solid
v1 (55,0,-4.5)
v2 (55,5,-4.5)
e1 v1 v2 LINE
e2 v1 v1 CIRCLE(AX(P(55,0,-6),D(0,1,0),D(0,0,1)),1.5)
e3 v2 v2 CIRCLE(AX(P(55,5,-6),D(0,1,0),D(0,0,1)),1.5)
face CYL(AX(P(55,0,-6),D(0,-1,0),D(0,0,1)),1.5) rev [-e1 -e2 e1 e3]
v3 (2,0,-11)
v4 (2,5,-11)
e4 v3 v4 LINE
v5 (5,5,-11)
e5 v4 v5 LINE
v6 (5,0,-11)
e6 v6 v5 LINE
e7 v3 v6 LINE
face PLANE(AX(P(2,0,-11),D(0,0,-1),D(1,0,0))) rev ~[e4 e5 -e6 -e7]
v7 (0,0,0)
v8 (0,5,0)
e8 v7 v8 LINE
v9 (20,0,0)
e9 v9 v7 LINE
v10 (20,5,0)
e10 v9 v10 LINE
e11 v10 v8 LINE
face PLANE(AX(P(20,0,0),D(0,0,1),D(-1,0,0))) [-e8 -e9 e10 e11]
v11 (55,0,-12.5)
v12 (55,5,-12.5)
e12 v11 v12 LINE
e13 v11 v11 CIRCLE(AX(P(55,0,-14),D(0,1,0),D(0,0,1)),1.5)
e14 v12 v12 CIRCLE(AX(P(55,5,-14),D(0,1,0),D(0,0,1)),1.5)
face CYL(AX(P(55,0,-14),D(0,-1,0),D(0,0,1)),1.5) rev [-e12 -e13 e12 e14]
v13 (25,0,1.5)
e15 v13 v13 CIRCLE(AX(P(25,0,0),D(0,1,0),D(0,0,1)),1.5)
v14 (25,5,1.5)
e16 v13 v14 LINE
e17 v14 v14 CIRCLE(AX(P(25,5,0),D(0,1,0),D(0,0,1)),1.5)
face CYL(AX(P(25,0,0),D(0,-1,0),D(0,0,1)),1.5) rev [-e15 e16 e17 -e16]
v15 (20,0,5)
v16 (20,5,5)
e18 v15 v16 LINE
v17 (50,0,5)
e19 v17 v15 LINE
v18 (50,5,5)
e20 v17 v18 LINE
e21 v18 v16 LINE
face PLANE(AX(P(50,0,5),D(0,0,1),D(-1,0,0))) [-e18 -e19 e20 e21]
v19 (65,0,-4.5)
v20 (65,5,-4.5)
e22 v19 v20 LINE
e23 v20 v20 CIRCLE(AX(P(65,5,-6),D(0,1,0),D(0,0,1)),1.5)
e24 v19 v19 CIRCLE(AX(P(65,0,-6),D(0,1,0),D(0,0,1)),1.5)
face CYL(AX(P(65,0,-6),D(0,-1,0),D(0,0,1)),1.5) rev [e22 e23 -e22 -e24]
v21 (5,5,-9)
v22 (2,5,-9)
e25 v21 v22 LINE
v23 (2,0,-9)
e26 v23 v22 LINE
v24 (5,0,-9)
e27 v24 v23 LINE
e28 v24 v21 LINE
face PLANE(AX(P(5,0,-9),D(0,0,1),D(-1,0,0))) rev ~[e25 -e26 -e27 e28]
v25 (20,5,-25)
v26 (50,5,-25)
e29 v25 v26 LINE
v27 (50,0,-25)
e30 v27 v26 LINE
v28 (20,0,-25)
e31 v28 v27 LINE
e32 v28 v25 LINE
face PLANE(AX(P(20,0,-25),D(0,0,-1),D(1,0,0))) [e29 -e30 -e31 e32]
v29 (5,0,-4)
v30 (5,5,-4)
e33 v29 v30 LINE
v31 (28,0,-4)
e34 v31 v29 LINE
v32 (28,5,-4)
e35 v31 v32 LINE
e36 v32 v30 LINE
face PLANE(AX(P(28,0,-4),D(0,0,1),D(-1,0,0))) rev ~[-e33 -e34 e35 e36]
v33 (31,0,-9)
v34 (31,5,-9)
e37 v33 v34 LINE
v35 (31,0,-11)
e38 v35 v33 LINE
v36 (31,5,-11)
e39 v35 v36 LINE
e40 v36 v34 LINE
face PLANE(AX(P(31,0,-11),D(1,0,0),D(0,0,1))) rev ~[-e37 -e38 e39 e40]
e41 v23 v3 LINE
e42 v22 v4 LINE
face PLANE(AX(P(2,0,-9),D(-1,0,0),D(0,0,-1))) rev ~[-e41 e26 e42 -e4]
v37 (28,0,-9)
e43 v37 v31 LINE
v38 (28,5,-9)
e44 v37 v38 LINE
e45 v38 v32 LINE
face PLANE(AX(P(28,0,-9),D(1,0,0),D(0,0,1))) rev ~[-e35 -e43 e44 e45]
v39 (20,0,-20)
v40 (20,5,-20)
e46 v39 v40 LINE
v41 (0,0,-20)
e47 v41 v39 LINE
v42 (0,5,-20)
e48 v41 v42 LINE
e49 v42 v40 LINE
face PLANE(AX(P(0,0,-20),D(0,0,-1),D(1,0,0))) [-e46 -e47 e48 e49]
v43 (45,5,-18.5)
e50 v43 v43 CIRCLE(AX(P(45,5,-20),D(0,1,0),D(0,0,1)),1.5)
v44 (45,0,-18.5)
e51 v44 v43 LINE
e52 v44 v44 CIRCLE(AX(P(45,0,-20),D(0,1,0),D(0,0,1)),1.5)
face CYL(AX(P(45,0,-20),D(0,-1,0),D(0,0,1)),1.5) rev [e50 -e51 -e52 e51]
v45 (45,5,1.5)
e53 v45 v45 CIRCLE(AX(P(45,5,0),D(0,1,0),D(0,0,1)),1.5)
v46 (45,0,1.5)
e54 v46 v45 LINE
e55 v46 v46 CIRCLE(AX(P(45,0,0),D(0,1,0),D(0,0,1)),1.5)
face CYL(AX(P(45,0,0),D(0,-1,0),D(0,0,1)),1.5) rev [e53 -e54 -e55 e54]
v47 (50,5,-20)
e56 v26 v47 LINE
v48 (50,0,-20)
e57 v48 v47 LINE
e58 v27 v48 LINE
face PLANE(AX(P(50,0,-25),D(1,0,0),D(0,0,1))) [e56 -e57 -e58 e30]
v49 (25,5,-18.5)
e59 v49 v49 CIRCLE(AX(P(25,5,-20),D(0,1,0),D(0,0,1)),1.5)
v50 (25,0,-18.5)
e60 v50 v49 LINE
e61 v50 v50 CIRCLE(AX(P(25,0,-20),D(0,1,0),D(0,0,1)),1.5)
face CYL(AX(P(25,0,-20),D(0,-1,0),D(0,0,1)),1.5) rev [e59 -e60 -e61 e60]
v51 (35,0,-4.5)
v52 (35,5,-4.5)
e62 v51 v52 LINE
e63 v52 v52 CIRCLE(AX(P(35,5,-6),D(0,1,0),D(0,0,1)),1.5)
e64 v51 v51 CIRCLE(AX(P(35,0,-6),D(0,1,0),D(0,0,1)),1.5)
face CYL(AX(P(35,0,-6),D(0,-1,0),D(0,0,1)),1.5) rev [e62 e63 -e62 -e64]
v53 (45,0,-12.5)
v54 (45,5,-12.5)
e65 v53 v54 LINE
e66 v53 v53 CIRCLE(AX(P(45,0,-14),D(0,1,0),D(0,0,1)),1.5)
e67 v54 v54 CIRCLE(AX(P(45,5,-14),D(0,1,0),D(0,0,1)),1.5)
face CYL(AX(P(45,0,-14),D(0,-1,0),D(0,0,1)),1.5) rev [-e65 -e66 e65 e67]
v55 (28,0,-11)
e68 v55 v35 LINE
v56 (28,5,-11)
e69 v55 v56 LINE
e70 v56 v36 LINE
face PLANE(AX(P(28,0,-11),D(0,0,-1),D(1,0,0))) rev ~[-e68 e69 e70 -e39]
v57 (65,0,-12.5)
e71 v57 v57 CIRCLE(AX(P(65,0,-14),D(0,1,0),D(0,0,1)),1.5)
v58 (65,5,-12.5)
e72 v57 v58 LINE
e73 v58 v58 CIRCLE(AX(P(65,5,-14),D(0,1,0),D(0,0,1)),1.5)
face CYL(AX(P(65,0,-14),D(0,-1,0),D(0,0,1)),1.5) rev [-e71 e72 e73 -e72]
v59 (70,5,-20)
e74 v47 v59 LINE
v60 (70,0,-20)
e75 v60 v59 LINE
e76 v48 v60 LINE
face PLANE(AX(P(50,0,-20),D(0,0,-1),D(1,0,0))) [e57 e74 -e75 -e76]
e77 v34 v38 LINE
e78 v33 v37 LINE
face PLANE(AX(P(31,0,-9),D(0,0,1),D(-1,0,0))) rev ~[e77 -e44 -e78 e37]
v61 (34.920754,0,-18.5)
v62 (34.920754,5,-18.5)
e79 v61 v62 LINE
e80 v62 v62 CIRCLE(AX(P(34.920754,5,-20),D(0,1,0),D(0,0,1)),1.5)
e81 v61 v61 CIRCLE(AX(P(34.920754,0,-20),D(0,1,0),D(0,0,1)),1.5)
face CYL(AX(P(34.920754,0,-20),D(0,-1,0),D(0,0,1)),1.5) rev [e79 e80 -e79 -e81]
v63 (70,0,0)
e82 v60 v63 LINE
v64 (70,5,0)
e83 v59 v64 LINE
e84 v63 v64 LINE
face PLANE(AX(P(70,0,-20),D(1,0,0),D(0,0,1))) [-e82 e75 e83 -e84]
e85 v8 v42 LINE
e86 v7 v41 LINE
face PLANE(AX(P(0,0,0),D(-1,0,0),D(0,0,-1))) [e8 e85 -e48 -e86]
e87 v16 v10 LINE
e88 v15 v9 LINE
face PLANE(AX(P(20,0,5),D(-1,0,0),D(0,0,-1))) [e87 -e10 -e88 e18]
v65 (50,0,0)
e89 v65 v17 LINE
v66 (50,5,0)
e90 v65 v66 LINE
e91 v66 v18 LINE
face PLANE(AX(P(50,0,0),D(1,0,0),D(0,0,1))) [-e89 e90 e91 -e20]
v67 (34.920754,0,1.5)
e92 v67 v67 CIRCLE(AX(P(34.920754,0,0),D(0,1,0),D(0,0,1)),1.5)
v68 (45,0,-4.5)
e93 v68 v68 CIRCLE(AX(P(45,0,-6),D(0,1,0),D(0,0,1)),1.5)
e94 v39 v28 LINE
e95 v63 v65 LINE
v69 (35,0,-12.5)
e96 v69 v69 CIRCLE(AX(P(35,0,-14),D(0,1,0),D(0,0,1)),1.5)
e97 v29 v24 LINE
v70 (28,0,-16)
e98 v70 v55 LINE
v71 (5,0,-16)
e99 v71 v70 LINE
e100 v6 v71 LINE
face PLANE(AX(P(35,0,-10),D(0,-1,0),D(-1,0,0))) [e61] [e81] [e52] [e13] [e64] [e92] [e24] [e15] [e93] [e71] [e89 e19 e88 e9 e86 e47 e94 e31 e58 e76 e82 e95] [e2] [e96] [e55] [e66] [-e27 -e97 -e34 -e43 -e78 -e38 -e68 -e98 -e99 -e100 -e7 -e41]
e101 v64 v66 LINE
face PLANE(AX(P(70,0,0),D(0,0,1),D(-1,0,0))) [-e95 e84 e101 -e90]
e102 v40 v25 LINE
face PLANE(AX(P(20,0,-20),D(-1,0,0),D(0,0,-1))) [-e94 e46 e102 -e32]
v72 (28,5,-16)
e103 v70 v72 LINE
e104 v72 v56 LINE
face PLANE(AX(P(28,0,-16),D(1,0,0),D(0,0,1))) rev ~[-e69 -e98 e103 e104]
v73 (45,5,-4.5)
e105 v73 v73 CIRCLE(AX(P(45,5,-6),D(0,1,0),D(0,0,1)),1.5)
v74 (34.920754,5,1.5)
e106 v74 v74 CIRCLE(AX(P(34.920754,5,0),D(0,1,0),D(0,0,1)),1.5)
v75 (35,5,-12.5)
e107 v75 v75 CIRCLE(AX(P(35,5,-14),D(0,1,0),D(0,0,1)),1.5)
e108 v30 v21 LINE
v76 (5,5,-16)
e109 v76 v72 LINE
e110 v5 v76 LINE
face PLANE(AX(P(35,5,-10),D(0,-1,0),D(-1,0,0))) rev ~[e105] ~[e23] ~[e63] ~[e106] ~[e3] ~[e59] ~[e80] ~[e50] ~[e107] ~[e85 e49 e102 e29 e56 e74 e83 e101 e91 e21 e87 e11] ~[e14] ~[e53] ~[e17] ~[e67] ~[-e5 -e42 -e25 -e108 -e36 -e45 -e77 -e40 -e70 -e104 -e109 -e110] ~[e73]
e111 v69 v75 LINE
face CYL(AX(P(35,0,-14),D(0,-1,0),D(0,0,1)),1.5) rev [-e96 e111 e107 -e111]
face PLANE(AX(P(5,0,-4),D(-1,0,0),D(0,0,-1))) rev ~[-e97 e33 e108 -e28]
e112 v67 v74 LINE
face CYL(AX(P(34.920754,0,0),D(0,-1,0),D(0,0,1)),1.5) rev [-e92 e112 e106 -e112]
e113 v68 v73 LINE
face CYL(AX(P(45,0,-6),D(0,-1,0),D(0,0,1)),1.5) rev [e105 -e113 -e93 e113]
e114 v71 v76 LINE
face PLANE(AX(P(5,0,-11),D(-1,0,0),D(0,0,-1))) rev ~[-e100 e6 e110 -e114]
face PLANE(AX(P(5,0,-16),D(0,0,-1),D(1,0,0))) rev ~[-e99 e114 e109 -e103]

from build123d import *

# Parameters (mm, degrees)
SKETCH_1_R      = 1.5
EXTRUDE_1_DEPTH = 5


with BuildPart() as part:
    # 草图1 → 凸台-拉伸1 (new body)
    with BuildSketch(Plane(origin=(0, 0, 0), x_dir=(1, 0, 0), z_dir=(0, 1, 0))):
        Polygon((50, 20), (70, 20), (70, 0), (50, 0), (50, -5), (20, -5), (20, 0), (0, 0), (0, 20), (20, 20), (20, 25), (50, 25), align=None)
        with Locations(Location((25, 20, 0), (0, 0, 270))):
            Circle(SKETCH_1_R, mode=Mode.SUBTRACT)
        with Locations(Location((34.920753824, 20, 0), (0, 0, 270))):
            Circle(SKETCH_1_R, mode=Mode.SUBTRACT)
        with Locations(Location((45, 20, 0), (0, 0, 270))):
            Circle(SKETCH_1_R, mode=Mode.SUBTRACT)
        with Locations(Location((35, 14, 0), (0, 0, 270))):
            Circle(SKETCH_1_R, mode=Mode.SUBTRACT)
        with Locations(Location((45, 14, 0), (0, 0, 270))):
            Circle(SKETCH_1_R, mode=Mode.SUBTRACT)
        with Locations(Location((35, 6, 0), (0, 0, 270))):
            Circle(SKETCH_1_R, mode=Mode.SUBTRACT)
        with Locations(Location((34.920753824, 0, 0), (0, 0, 270))):
            Circle(SKETCH_1_R, mode=Mode.SUBTRACT)
        with Locations(Location((45, 0, 0), (0, 0, 270))):
            Circle(SKETCH_1_R, mode=Mode.SUBTRACT)
        with Locations(Location((45, 6, 0), (0, 0, 270))):
            Circle(SKETCH_1_R, mode=Mode.SUBTRACT)
        with Locations(Location((55, 14, 0), (0, 0, 270))):
            Circle(SKETCH_1_R, mode=Mode.SUBTRACT)
        with Locations(Location((55, 6, 0), (0, 0, 270))):
            Circle(SKETCH_1_R, mode=Mode.SUBTRACT)
        with Locations(Location((65, 14, 0), (0, 0, 270))):
            Circle(SKETCH_1_R, mode=Mode.SUBTRACT)
        with Locations(Location((65, 6, 0), (0, 0, 270))):
            Circle(SKETCH_1_R, mode=Mode.SUBTRACT)
        with Locations(Location((25, 0, 0), (0, 0, 270))):
            Circle(SKETCH_1_R, mode=Mode.SUBTRACT)
        Polygon((5, 16), (28, 16), (28, 11), (31, 11), (31, 9), (28, 9), (28, 4), (5, 4), (5, 9), (2, 9), (2, 11), (5, 11), align=None, mode=Mode.SUBTRACT)
    extrude(amount=EXTRUDE_1_DEPTH)


solid = part.part
